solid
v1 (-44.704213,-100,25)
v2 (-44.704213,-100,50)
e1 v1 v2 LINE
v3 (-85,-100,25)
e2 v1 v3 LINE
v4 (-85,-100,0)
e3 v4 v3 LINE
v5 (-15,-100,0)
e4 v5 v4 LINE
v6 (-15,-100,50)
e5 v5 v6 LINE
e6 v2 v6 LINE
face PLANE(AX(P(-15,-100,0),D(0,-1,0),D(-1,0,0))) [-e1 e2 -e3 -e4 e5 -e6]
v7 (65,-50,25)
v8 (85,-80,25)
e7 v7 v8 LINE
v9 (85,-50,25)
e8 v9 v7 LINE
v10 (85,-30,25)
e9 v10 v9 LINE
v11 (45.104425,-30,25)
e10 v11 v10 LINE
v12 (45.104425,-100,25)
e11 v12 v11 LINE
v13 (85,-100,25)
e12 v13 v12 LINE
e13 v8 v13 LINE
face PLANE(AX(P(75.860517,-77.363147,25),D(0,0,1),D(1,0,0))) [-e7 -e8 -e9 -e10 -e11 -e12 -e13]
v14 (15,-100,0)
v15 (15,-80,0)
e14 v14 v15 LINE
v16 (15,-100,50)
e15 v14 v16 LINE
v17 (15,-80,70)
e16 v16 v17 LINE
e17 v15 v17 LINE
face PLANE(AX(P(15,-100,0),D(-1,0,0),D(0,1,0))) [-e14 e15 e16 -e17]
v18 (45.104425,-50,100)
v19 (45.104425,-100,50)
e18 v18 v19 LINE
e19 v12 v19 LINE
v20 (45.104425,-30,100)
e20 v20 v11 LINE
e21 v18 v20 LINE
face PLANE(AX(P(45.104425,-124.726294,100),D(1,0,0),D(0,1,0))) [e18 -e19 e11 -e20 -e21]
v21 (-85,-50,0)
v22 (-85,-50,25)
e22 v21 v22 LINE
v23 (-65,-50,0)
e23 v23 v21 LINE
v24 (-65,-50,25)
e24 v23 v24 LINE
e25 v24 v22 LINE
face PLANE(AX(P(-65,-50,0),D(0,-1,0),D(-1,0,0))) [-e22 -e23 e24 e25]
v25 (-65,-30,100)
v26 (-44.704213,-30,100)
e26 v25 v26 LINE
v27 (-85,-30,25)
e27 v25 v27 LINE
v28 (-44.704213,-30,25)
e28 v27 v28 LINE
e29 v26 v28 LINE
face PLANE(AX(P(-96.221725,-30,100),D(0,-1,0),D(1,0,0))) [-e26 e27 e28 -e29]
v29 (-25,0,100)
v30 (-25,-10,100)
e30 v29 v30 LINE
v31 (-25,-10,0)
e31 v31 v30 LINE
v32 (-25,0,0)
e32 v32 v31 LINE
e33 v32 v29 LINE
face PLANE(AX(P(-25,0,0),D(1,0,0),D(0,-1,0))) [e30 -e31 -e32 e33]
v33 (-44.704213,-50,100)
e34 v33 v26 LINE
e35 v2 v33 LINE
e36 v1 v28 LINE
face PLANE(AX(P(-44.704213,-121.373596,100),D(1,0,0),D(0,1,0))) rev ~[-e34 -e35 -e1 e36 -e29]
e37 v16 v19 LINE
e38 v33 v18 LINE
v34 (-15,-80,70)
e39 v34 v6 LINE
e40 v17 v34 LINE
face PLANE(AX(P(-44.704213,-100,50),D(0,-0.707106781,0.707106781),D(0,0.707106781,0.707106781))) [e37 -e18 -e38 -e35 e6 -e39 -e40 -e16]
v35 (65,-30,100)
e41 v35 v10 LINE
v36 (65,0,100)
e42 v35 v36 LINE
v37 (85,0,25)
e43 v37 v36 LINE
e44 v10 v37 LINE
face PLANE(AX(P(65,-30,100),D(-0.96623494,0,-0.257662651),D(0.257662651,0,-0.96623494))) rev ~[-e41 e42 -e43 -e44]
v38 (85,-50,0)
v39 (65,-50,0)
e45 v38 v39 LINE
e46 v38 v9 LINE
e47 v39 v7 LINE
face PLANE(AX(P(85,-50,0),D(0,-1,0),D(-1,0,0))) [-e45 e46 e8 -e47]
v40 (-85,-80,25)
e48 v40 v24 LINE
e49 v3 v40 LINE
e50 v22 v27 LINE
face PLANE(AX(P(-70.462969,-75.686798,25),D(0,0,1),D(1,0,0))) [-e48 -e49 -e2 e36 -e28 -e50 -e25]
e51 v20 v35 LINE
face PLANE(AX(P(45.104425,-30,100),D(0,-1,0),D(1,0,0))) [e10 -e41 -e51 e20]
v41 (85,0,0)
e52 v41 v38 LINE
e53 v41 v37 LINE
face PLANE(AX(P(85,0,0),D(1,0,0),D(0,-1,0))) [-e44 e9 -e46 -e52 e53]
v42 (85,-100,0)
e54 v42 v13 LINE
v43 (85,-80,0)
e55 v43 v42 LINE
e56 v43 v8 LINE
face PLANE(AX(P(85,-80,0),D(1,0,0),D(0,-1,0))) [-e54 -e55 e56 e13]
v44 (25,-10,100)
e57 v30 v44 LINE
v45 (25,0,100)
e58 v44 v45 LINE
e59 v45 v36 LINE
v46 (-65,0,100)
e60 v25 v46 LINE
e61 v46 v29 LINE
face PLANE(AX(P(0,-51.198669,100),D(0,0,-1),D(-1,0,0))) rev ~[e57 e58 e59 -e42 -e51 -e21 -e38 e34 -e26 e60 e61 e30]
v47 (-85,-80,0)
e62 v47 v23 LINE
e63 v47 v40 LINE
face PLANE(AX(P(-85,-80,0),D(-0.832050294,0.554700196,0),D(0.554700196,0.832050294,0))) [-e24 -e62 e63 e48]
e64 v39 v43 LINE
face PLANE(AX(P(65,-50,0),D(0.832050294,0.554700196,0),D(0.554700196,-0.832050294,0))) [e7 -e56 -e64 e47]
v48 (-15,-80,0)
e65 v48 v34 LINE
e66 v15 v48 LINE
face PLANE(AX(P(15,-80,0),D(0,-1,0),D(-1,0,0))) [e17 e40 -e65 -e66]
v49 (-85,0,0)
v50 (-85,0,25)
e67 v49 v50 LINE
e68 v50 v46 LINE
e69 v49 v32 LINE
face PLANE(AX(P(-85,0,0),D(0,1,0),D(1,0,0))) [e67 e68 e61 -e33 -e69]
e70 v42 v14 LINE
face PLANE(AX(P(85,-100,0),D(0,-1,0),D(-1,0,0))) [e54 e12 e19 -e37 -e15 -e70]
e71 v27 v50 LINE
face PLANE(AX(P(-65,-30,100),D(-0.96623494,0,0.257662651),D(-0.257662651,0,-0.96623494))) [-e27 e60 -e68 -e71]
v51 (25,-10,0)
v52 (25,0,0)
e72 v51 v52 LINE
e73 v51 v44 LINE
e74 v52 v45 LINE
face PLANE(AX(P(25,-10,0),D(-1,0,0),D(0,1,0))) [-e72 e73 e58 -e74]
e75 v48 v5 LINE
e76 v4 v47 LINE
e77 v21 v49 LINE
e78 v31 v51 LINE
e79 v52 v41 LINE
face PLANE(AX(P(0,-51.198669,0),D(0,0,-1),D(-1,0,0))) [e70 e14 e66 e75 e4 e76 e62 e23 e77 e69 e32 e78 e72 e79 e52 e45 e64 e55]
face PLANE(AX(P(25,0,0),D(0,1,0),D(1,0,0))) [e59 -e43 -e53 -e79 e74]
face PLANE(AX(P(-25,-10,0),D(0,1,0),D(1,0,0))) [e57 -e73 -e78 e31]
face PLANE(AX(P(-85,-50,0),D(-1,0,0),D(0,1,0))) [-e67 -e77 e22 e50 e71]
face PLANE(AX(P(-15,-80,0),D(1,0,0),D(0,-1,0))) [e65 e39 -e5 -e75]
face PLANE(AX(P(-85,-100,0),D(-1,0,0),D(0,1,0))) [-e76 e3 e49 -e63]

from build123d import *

# Parameters (mm, degrees)
PAD_DEPTH       = 100
SKETCH002_W     = 61.512183
SKETCH002_H     = 94.726295
SKETCH002_W_2   = 51.517512
SKETCH002_H_2   = 91.373596
POCKET_DEPTH    = 75
POCKET001_DEPTH = 129.705213
POCKET002_DEPTH = 30.001


with BuildPart() as part:
    # Sketch → Pad (new body)
    with BuildSketch(Plane.XY):
        Polygon((-85, 0), (-25, 0), (-25, -10), (25, -10), (25, 0), (85, 0), (85, -50), (65, -50), (85, -80), (85, -100), (15, -100), (15, -80), (-15, -80), (-15, -100), (-85, -100), (-85, -80), (-65, -50), (-85, -50), align=None)
    extrude(amount=PAD_DEPTH)

    # Sketch002 → Pocket (cut)
    with BuildSketch(Plane.XY.offset(100)):
        with Locations((75.860517, -77.363147)):
            Rectangle(SKETCH002_W, SKETCH002_H)
        with Locations((-70.462969, -75.686798)):
            Rectangle(SKETCH002_W_2, SKETCH002_H_2)
    extrude(amount=-POCKET_DEPTH, mode=Mode.SUBTRACT)

    # Sketch003 → Pocket001 (cut, through all)
    with BuildSketch(Plane(origin=(-44.704213, 0, 0), x_dir=(0, -1, 0), z_dir=(-1, 0, 0))):
        Polygon((100, 100), (100, 50), (50, 100), align=None)
    extrude(amount=-POCKET001_DEPTH, mode=Mode.SUBTRACT)

    # Sketch004 → Pocket002 (cut, through all)
    with BuildSketch(Plane.XZ.offset(30)):
        Polygon((-85, 100), (-65, 100), (-85, 25), align=None)
        Polygon((85, 100), (65, 100), (85, 25), align=None)
    extrude(amount=-POCKET002_DEPTH, mode=Mode.SUBTRACT)


solid = part.part
